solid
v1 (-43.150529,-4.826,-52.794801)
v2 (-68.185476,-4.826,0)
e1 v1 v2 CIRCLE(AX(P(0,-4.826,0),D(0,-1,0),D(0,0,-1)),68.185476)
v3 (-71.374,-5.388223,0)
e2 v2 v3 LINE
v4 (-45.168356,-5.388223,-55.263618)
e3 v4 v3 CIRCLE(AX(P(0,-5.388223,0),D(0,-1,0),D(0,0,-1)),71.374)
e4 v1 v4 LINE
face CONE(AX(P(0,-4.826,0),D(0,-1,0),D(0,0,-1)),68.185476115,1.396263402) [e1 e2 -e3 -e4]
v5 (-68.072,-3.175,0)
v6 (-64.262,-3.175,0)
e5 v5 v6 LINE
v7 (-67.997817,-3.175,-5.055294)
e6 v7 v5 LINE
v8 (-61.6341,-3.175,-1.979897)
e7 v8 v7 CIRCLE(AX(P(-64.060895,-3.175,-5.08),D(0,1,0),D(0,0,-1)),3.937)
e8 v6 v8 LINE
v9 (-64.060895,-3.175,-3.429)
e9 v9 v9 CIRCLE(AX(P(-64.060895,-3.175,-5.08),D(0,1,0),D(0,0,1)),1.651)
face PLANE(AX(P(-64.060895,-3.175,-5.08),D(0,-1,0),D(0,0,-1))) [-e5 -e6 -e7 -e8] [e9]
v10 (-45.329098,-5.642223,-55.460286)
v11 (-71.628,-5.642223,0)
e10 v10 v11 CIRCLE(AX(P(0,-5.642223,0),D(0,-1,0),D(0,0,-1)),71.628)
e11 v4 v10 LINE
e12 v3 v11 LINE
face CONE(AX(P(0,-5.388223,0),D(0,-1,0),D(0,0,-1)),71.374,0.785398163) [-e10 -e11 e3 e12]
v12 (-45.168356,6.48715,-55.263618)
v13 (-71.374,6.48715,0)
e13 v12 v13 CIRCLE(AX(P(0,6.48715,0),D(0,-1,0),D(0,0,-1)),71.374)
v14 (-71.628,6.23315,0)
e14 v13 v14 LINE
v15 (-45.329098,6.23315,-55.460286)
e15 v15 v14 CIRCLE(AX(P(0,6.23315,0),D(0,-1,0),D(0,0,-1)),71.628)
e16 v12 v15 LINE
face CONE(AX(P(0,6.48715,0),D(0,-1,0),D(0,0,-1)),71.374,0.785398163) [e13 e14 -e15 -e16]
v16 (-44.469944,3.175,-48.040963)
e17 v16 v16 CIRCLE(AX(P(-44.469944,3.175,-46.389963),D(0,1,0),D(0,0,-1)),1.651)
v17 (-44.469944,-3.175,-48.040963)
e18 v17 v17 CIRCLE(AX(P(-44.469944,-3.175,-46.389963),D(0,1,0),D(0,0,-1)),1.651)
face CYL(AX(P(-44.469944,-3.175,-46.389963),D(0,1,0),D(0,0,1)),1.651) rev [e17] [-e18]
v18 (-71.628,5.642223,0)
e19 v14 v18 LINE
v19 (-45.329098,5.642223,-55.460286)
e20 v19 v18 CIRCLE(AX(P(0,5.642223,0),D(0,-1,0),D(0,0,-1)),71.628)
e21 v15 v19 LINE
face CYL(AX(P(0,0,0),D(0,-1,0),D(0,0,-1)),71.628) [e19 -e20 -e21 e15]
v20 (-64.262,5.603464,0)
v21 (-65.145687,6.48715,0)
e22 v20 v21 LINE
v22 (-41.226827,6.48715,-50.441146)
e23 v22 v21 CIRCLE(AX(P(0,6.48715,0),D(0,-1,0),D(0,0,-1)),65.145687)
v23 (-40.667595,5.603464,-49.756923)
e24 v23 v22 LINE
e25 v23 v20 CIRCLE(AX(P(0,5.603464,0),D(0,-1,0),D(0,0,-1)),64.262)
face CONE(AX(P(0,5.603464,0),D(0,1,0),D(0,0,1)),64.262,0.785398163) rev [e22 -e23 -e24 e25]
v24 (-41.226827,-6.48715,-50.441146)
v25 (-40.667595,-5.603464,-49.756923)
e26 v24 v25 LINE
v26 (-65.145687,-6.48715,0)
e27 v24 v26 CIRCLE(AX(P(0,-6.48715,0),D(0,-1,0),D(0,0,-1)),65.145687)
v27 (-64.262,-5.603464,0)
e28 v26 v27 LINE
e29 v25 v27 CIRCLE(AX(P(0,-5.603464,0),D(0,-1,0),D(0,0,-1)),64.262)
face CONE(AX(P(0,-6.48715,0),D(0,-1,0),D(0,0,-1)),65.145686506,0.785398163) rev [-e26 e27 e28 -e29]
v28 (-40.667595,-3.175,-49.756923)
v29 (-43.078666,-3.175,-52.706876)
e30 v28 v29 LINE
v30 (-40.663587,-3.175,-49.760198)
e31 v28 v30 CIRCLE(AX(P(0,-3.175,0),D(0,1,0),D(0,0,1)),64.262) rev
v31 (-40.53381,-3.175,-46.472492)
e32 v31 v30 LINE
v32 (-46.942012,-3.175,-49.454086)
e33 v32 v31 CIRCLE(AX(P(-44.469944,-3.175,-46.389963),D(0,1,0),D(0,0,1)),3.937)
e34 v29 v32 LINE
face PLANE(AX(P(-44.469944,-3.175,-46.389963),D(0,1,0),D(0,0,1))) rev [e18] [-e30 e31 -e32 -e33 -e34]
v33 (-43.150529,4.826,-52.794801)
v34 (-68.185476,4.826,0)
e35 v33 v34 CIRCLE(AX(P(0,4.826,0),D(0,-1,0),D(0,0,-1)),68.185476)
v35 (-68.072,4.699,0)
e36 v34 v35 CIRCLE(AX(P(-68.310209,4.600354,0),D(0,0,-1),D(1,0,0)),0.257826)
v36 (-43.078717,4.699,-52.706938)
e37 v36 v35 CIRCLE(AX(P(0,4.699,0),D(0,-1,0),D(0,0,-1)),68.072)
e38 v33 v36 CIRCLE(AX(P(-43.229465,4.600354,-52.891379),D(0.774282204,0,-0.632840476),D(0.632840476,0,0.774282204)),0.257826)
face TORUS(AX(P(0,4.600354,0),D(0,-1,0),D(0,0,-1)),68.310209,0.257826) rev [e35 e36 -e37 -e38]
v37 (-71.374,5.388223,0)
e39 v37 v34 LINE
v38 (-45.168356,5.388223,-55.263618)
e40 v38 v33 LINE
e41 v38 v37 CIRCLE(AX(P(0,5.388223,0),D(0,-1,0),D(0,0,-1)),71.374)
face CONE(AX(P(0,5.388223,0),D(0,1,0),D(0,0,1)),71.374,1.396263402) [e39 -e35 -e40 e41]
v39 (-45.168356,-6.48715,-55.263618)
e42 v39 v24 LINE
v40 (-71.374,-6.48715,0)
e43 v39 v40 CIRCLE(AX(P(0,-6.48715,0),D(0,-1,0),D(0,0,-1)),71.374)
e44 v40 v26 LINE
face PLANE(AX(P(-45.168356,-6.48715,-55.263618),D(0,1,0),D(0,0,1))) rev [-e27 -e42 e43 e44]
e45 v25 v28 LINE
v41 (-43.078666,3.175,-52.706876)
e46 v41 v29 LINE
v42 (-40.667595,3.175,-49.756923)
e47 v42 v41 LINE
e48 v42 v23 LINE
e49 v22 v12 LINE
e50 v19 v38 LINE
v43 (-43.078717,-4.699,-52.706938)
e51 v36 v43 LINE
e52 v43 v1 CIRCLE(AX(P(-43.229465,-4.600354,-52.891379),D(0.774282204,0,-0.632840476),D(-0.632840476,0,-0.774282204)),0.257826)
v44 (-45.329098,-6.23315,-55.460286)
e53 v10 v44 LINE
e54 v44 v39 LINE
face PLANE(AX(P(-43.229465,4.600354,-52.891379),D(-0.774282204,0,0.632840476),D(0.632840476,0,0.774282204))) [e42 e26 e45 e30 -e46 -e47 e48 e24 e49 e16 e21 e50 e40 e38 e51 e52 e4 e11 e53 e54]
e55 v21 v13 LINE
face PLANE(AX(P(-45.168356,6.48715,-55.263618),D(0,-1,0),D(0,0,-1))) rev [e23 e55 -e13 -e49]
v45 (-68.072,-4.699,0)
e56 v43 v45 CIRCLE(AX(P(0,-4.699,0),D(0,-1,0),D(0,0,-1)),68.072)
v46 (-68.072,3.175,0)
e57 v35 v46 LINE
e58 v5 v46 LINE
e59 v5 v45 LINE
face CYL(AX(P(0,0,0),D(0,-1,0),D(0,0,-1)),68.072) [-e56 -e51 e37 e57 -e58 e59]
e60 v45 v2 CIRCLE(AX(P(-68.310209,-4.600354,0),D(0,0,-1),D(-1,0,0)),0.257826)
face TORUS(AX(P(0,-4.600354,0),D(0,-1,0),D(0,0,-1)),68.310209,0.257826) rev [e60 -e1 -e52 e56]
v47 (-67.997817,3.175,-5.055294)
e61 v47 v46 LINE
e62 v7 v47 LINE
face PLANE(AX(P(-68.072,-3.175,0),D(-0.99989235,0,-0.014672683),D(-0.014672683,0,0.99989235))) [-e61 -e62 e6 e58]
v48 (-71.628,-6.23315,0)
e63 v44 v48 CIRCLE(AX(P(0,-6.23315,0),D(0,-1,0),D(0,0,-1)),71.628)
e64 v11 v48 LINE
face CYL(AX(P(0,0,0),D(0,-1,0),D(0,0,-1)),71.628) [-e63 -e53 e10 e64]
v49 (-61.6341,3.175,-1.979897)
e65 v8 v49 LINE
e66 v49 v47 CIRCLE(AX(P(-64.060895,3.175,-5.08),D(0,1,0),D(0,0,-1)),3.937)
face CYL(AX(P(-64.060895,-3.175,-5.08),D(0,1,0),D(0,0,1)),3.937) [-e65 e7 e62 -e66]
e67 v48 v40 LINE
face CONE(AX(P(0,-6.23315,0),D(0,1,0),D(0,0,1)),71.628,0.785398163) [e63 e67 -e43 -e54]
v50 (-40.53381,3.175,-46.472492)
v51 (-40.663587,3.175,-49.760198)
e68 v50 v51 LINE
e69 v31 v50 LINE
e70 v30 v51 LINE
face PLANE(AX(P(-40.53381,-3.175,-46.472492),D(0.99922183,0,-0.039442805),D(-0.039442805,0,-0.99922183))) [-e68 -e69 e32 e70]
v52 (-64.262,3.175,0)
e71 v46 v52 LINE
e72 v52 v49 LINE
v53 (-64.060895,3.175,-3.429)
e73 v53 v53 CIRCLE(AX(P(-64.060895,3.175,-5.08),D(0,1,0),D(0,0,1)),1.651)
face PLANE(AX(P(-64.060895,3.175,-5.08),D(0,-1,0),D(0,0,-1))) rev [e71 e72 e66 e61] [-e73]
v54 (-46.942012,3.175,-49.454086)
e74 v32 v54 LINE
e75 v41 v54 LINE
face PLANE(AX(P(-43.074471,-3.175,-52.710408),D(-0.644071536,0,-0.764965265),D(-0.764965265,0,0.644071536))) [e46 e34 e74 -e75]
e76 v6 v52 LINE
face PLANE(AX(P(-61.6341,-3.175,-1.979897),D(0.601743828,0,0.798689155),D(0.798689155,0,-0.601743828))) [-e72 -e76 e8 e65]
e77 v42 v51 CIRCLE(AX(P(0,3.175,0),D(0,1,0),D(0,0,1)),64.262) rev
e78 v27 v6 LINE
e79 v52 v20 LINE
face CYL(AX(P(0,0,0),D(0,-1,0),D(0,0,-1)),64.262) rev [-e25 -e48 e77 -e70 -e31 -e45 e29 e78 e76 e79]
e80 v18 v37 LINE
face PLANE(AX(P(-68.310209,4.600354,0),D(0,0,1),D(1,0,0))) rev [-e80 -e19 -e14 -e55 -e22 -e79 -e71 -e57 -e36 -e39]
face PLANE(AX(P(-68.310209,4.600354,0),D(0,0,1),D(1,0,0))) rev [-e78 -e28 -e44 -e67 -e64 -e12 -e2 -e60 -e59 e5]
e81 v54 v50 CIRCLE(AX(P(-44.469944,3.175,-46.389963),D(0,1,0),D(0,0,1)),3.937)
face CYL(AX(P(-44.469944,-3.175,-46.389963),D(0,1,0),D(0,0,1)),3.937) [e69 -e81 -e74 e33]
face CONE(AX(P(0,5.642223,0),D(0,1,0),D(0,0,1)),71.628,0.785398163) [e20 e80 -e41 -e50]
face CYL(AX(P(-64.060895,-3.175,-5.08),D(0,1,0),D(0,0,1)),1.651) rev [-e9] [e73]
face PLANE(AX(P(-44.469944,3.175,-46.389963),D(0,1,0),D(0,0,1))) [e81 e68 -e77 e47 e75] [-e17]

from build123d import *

# Parameters (mm, degrees)
BOSS_EXTRUDE2_DEPTH      = 3.175
BOSS_EXTRUDE2_DEPTH_BACK = 3.175
SKETCH5_R                = 1.651


with BuildPart() as part:
    # Sweep2: sweep along a path in Sketch4
    with BuildLine(Plane(origin=(0, 0, 0), x_dir=(1, 0, 0), z_dir=(0, 1, 0))) as sweep2_path:
        ThreePointArc((-66.167, 0), (59.78583857, -28.350051068), (-41.873155771, 51.231930617))
    # Sketch1 → Sweep2 (sweep)
    with BuildSketch(Plane.XY):
        with BuildLine():
            Line((-68.072, 4.699), (-68.072, -4.699))
            ThreePointArc((-68.072, -4.699), (-68.117948863, -4.772140282), (-68.185476115, -4.826))
            Line((-68.185476115, -4.826), (-71.374, -5.38822279))
            Line((-71.374, -5.38822279), (-71.628, -5.64222279))
            Line((-71.628, -5.64222279), (-71.628, -6.233150289))
            Line((-71.628, -6.233150289), (-71.374, -6.487150289))
            Line((-71.374, -6.487150289), (-65.145686506, -6.487150289))
            Line((-65.145686506, -6.487150289), (-64.262, -5.603463784))
            Line((-64.262, -5.603463784), (-64.262, 5.603463784))
            Line((-64.262, 5.603463784), (-65.145686506, 6.487150289))
            Line((-65.145686506, 6.487150289), (-71.374, 6.487150289))
            Line((-71.374, 6.487150289), (-71.628, 6.233150289))
            Line((-71.628, 6.233150289), (-71.628, 5.64222279))
            Line((-71.628, 5.64222279), (-71.374, 5.38822279))
            Line((-71.374, 5.38822279), (-68.185476115, 4.826))
            ThreePointArc((-68.185476115, 4.826), (-68.117948863, 4.772140282), (-68.072, 4.699))
        make_face()
    sweep(path=sweep2_path.line)

    # Sketch5 → Boss-Extrude2 (add, two sides: drawn at the far end of the back side and taken through both)
    # profile 1 of 2: a face of its own
    with BuildSketch(Plane(origin=(0, 0, 0), x_dir=(1, 0, 0), z_dir=(0, 1, 0)).offset(-BOSS_EXTRUDE2_DEPTH_BACK)):
        with BuildLine():
            Line((-68.072, 0), (-67.997817291, 5.05529393))
            ThreePointArc((-67.997817291, 5.05529393), (-62.347816522, 8.624761173), (-61.63409996, 1.979897461))
            Line((-61.63409996, 1.979897461), (-64.262, 0))
            Line((-64.262, 0), (-68.072, 0))
        make_face()
        with Locations(Location((-64.060894811, 5.08, 0), (0, 0, 270))):
            Circle(SKETCH5_R, mode=Mode.SUBTRACT)
    # profile 2 of 2: a face of its own
    with BuildSketch(Plane(origin=(0, 0, 0), x_dir=(1, 0, 0), z_dir=(0, 1, 0)).offset(-BOSS_EXTRUDE2_DEPTH_BACK)):
        with BuildLine():
            Line((-40.533809509, 46.472492493), (-40.663586841, 49.760198444))
            Line((-40.663586841, 49.760198444), (-43.074471436, 52.710407838))
            Line((-43.074471436, 52.710407838), (-46.942012037, 49.454086372))
            ThreePointArc((-46.942012037, 49.454086372), (-46.130772136, 42.82042261), (-40.533809509, 46.472492493))
        make_face()
        with Locations(Location((-44.469944405, 46.389963231, 0), (0, 0, 90))):
            Circle(SKETCH5_R, mode=Mode.SUBTRACT)
    extrude(amount=BOSS_EXTRUDE2_DEPTH + BOSS_EXTRUDE2_DEPTH_BACK)


solid = part.part
